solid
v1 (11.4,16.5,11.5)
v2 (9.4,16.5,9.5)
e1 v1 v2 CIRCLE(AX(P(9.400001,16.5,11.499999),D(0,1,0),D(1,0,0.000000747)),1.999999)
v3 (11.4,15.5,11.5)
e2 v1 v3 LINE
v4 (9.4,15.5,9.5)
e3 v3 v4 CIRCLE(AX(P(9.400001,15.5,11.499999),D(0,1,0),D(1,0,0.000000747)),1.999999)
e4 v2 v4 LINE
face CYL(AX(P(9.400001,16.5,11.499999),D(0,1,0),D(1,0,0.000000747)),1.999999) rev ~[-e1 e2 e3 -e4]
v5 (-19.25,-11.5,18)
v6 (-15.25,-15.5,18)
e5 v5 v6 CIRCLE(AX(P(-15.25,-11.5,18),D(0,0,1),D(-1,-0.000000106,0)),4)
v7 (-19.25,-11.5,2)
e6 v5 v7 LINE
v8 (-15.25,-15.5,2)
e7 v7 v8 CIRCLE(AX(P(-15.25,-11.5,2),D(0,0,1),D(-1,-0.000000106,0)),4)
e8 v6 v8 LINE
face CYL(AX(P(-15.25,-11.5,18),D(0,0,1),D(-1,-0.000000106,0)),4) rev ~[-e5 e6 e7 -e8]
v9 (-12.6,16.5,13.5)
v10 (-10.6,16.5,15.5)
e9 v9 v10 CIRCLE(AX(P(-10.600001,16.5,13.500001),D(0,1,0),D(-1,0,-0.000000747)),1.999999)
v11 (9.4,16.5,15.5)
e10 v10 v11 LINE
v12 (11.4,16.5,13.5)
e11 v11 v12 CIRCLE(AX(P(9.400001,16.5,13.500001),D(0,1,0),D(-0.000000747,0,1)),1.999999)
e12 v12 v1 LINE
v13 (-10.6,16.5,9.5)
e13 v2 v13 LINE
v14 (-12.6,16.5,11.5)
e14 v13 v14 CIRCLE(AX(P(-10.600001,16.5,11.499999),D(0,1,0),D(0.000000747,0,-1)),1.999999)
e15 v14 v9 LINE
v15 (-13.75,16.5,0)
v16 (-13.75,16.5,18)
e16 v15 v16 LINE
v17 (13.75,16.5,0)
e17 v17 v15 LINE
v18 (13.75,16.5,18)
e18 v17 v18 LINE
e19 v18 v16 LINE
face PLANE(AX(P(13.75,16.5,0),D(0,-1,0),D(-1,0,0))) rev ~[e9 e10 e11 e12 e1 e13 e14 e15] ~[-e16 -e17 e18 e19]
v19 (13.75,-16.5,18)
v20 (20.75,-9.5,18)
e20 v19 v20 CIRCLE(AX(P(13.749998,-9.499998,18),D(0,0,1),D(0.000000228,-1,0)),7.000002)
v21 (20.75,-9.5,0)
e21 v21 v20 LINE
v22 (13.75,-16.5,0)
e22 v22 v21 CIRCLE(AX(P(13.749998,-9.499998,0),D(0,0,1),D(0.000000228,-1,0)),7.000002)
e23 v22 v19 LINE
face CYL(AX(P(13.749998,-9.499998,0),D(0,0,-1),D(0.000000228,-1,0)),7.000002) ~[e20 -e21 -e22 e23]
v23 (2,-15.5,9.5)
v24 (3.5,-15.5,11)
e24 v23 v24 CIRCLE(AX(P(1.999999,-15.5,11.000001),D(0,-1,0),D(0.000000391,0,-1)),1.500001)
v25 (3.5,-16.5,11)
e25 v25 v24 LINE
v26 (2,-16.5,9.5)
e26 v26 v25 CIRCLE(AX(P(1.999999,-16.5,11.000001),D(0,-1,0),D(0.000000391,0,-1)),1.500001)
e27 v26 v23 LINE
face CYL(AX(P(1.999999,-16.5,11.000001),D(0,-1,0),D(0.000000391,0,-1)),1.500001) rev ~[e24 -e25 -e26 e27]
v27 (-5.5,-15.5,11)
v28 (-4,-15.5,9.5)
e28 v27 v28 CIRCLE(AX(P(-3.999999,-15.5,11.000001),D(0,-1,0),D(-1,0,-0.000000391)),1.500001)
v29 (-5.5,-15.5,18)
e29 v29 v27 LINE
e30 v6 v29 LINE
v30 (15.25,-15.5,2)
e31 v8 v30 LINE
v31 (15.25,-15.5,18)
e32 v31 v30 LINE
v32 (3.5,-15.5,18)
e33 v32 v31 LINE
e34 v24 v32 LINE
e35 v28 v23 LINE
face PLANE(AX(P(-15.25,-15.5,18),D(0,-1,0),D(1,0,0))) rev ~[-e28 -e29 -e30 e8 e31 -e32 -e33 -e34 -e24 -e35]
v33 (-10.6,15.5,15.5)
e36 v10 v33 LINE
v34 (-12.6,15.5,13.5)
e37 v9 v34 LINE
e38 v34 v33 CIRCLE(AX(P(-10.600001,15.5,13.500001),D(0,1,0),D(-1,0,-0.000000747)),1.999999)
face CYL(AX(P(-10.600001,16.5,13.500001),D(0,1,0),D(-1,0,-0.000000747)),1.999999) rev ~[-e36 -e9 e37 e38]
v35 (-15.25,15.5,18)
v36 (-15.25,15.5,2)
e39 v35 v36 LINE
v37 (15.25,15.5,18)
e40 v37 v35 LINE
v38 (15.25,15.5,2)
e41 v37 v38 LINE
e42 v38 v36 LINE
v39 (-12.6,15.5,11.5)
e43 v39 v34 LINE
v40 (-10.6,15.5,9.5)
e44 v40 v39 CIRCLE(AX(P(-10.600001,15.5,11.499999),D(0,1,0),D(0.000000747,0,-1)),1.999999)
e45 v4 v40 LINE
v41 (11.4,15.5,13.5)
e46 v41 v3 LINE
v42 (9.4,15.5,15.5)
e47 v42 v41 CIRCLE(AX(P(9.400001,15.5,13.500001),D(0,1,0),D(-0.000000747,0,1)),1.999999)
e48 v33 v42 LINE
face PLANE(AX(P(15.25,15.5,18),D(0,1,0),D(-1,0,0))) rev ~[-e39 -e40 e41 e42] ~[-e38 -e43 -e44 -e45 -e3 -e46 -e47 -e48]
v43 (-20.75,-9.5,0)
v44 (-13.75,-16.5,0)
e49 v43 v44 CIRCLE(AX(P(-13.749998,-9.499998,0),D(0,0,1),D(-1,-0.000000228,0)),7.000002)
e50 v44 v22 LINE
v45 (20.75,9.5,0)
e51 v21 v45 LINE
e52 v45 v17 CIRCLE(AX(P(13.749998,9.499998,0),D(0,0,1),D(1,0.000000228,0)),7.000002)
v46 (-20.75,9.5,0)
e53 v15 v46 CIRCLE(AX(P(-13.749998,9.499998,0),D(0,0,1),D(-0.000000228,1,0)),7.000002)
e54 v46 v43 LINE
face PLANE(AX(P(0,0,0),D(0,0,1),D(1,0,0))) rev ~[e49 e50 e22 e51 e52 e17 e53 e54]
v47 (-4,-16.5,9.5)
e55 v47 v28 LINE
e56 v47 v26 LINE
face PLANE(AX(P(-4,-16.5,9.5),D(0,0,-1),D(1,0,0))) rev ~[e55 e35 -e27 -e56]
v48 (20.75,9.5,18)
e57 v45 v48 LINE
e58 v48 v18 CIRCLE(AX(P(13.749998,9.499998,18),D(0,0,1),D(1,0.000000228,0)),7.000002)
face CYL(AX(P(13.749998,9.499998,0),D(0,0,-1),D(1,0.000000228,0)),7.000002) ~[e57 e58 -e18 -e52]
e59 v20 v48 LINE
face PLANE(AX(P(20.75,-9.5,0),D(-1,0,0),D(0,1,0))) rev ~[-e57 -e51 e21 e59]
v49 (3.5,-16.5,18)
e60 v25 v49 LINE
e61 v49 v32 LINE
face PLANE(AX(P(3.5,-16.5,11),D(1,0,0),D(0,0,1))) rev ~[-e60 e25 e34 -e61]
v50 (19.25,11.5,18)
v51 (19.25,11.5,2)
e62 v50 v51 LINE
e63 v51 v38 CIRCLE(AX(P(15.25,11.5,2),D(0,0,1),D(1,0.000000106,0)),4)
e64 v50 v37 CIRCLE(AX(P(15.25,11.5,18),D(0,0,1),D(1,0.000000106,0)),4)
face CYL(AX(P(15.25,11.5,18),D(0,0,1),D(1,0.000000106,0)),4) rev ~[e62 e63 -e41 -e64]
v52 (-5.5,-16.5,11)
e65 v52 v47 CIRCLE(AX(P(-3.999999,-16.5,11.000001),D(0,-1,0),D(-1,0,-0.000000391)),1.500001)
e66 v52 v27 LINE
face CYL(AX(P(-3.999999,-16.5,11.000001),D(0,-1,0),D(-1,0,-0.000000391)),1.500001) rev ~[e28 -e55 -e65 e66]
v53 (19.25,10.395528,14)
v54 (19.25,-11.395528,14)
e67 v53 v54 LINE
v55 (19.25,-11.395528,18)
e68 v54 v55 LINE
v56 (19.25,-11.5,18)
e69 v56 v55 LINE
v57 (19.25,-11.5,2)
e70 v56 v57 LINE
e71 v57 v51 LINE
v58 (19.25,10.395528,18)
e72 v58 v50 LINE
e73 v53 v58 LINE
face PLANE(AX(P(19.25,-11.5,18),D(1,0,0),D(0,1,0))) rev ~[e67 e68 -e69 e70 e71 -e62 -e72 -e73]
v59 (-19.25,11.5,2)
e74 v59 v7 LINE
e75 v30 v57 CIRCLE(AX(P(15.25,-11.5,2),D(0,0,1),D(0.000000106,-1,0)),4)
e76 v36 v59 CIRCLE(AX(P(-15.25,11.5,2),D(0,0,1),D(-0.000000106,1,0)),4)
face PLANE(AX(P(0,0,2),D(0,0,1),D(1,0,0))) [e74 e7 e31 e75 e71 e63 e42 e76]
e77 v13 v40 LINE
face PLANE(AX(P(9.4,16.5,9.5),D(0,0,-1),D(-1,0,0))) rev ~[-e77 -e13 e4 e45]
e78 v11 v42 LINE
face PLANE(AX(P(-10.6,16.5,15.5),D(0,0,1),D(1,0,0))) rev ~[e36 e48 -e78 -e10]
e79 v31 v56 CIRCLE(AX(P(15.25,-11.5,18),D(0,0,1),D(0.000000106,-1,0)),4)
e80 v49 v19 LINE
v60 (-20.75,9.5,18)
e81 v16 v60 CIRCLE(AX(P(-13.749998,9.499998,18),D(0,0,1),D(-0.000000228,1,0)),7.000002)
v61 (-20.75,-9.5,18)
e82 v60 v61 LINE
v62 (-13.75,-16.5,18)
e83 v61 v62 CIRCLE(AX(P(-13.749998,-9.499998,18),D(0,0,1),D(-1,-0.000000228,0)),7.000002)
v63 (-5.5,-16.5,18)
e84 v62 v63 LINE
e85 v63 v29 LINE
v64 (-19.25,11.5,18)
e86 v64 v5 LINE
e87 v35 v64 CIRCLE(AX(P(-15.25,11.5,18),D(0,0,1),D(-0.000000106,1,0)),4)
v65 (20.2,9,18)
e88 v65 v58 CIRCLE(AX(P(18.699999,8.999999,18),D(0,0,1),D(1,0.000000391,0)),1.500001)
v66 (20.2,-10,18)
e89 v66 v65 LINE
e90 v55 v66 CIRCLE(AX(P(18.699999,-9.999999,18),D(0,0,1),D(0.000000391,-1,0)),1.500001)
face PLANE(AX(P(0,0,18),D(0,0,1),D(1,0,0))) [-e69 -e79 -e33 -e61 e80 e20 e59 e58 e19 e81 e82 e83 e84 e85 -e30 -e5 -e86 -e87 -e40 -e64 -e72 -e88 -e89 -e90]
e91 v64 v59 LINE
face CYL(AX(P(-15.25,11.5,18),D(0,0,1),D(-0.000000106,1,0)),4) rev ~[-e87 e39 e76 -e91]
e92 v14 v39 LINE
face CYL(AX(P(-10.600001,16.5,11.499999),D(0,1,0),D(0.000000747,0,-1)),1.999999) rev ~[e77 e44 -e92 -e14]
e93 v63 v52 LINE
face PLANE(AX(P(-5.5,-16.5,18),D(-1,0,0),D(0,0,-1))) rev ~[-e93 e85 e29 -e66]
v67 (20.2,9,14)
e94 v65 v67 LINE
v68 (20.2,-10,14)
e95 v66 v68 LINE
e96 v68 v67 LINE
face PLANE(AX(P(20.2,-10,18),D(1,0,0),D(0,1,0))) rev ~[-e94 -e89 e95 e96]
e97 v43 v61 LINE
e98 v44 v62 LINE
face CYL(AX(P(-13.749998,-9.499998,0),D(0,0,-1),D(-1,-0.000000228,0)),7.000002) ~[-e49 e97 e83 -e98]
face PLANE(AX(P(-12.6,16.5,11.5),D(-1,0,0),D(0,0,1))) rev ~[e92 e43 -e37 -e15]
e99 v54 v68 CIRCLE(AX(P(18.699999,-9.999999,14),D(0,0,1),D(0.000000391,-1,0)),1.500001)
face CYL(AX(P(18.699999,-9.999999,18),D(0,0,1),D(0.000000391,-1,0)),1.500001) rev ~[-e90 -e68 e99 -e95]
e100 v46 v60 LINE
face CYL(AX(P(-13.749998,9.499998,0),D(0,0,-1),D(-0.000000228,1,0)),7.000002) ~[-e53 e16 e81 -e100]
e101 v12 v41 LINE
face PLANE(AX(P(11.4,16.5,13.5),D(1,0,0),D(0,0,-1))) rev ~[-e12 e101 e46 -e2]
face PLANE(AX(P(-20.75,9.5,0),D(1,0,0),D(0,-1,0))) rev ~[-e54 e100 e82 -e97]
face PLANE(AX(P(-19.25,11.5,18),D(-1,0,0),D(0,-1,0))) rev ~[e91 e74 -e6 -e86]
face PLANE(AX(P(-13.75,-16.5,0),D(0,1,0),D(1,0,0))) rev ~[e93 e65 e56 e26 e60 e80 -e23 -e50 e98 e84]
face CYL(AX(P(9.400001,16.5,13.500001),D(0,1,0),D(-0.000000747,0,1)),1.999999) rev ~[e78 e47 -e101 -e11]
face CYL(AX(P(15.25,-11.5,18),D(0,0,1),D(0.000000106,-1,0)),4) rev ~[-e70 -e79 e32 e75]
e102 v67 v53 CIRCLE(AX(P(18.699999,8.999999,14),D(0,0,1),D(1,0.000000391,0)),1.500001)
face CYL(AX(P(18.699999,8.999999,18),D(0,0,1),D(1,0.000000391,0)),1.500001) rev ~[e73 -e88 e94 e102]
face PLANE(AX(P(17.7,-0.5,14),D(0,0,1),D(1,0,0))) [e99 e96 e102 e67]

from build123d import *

# Parameters (mm, degrees)
PAD_DEPTH       = 18
POCKET_DEPTH    = 16
POCKET001_DEPTH = 5
POCKET002_DEPTH = 5
POCKET003_DEPTH = 4


with BuildPart() as part:
    # Sketch → Pad (new body)
    with BuildSketch(Plane.XY):
        with BuildLine():
            Line((-13.75, -16.5), (13.75, -16.5))
            ThreePointArc((13.75, -16.5), (18.699747, -14.449747), (20.75, -9.5))
            Line((20.75, -9.5), (20.75, 9.5))
            ThreePointArc((20.75, 9.5), (18.699747, 14.449747), (13.75, 16.5))
            Line((13.75, 16.5), (-13.75, 16.5))
            ThreePointArc((-13.75, 16.5), (-18.699747, 14.449747), (-20.75, 9.5))
            Line((-20.75, 9.5), (-20.75, -9.5))
            ThreePointArc((-20.75, -9.5), (-18.699747, -14.449747), (-13.75, -16.5))
        make_face()
    extrude(amount=PAD_DEPTH)

    # Sketch001 (on Face10 of Pad) → Pocket (cut)
    with BuildSketch(Plane.XY.offset(18)):
        with BuildLine():
            Line((-19.25, 11.5), (-19.25, -11.5))
            ThreePointArc((-19.25, -11.5), (-18.078427, -14.328427), (-15.25, -15.5))
            Line((-15.25, -15.5), (15.25, -15.5))
            ThreePointArc((15.25, -15.5), (18.078427, -14.328427), (19.25, -11.5))
            Line((19.25, -11.5), (19.25, 11.5))
            ThreePointArc((19.25, 11.5), (18.078427, 14.328427), (15.25, 15.5))
            Line((15.25, 15.5), (-15.25, 15.5))
            ThreePointArc((-15.25, 15.5), (-18.078427, 14.328427), (-19.25, 11.5))
        make_face()
    extrude(amount=-POCKET_DEPTH, mode=Mode.SUBTRACT)

    # Sketch002 (on Face1 of Pocket) → Pocket001 (cut)
    with BuildSketch(Plane.XZ.offset(16.5)):
        with BuildLine():
            Line((-5.5, 18), (-5.5, 11))
            ThreePointArc((-5.5, 11), (-5.06066, 9.93934), (-4, 9.5))
            Line((-4, 9.5), (2, 9.5))
            ThreePointArc((2, 9.5), (3.06066, 9.93934), (3.5, 11))
            Line((3.5, 11), (3.5, 18))
            ThreePointArc((3.5, 18), (3.06066, 19.06066), (2, 19.5))
            Line((2, 19.5), (-4, 19.5))
            ThreePointArc((-4, 19.5), (-5.06066, 19.06066), (-5.5, 18))
        make_face()
    extrude(amount=-POCKET001_DEPTH, mode=Mode.SUBTRACT)

    # Sketch003 (on Face13 of Pocket001) → Pocket002 (cut)
    with BuildSketch(Plane(origin=(0, 16.5, 0), x_dir=(-1, 0, 0), z_dir=(0, 1, 0))):
        with BuildLine():
            Line((-11.4, 13.5), (-11.4, 11.5))
            ThreePointArc((-11.4, 11.5), (-10.814214, 10.085786), (-9.4, 9.5))
            Line((-9.4, 9.5), (10.6, 9.5))
            ThreePointArc((10.6, 9.5), (12.014214, 10.085786), (12.6, 11.5))
            Line((12.6, 11.5), (12.6, 13.5))
            ThreePointArc((12.6, 13.5), (12.014214, 14.914214), (10.6, 15.5))
            Line((10.6, 15.5), (-9.4, 15.5))
            ThreePointArc((-9.4, 15.5), (-10.814214, 14.914214), (-11.4, 13.5))
        make_face()
    extrude(amount=-POCKET002_DEPTH, mode=Mode.SUBTRACT)

    # Sketch004 (on Face4 of Pocket002) → Pocket003 (cut)
    with BuildSketch(Plane.XY.offset(18)):
        with BuildLine():
            Line((15.2, 9), (15.2, -10))
            ThreePointArc((15.2, -10), (15.63934, -11.06066), (16.7, -11.5))
            Line((16.7, -11.5), (18.7, -11.5))
            ThreePointArc((18.7, -11.5), (19.76066, -11.06066), (20.2, -10))
            Line((20.2, -10), (20.2, 9))
            ThreePointArc((20.2, 9), (19.76066, 10.06066), (18.7, 10.5))
            Line((18.7, 10.5), (16.7, 10.5))
            ThreePointArc((16.7, 10.5), (15.63934, 10.06066), (15.2, 9))
        make_face()
    extrude(amount=-POCKET003_DEPTH, mode=Mode.SUBTRACT)


solid = part.part
